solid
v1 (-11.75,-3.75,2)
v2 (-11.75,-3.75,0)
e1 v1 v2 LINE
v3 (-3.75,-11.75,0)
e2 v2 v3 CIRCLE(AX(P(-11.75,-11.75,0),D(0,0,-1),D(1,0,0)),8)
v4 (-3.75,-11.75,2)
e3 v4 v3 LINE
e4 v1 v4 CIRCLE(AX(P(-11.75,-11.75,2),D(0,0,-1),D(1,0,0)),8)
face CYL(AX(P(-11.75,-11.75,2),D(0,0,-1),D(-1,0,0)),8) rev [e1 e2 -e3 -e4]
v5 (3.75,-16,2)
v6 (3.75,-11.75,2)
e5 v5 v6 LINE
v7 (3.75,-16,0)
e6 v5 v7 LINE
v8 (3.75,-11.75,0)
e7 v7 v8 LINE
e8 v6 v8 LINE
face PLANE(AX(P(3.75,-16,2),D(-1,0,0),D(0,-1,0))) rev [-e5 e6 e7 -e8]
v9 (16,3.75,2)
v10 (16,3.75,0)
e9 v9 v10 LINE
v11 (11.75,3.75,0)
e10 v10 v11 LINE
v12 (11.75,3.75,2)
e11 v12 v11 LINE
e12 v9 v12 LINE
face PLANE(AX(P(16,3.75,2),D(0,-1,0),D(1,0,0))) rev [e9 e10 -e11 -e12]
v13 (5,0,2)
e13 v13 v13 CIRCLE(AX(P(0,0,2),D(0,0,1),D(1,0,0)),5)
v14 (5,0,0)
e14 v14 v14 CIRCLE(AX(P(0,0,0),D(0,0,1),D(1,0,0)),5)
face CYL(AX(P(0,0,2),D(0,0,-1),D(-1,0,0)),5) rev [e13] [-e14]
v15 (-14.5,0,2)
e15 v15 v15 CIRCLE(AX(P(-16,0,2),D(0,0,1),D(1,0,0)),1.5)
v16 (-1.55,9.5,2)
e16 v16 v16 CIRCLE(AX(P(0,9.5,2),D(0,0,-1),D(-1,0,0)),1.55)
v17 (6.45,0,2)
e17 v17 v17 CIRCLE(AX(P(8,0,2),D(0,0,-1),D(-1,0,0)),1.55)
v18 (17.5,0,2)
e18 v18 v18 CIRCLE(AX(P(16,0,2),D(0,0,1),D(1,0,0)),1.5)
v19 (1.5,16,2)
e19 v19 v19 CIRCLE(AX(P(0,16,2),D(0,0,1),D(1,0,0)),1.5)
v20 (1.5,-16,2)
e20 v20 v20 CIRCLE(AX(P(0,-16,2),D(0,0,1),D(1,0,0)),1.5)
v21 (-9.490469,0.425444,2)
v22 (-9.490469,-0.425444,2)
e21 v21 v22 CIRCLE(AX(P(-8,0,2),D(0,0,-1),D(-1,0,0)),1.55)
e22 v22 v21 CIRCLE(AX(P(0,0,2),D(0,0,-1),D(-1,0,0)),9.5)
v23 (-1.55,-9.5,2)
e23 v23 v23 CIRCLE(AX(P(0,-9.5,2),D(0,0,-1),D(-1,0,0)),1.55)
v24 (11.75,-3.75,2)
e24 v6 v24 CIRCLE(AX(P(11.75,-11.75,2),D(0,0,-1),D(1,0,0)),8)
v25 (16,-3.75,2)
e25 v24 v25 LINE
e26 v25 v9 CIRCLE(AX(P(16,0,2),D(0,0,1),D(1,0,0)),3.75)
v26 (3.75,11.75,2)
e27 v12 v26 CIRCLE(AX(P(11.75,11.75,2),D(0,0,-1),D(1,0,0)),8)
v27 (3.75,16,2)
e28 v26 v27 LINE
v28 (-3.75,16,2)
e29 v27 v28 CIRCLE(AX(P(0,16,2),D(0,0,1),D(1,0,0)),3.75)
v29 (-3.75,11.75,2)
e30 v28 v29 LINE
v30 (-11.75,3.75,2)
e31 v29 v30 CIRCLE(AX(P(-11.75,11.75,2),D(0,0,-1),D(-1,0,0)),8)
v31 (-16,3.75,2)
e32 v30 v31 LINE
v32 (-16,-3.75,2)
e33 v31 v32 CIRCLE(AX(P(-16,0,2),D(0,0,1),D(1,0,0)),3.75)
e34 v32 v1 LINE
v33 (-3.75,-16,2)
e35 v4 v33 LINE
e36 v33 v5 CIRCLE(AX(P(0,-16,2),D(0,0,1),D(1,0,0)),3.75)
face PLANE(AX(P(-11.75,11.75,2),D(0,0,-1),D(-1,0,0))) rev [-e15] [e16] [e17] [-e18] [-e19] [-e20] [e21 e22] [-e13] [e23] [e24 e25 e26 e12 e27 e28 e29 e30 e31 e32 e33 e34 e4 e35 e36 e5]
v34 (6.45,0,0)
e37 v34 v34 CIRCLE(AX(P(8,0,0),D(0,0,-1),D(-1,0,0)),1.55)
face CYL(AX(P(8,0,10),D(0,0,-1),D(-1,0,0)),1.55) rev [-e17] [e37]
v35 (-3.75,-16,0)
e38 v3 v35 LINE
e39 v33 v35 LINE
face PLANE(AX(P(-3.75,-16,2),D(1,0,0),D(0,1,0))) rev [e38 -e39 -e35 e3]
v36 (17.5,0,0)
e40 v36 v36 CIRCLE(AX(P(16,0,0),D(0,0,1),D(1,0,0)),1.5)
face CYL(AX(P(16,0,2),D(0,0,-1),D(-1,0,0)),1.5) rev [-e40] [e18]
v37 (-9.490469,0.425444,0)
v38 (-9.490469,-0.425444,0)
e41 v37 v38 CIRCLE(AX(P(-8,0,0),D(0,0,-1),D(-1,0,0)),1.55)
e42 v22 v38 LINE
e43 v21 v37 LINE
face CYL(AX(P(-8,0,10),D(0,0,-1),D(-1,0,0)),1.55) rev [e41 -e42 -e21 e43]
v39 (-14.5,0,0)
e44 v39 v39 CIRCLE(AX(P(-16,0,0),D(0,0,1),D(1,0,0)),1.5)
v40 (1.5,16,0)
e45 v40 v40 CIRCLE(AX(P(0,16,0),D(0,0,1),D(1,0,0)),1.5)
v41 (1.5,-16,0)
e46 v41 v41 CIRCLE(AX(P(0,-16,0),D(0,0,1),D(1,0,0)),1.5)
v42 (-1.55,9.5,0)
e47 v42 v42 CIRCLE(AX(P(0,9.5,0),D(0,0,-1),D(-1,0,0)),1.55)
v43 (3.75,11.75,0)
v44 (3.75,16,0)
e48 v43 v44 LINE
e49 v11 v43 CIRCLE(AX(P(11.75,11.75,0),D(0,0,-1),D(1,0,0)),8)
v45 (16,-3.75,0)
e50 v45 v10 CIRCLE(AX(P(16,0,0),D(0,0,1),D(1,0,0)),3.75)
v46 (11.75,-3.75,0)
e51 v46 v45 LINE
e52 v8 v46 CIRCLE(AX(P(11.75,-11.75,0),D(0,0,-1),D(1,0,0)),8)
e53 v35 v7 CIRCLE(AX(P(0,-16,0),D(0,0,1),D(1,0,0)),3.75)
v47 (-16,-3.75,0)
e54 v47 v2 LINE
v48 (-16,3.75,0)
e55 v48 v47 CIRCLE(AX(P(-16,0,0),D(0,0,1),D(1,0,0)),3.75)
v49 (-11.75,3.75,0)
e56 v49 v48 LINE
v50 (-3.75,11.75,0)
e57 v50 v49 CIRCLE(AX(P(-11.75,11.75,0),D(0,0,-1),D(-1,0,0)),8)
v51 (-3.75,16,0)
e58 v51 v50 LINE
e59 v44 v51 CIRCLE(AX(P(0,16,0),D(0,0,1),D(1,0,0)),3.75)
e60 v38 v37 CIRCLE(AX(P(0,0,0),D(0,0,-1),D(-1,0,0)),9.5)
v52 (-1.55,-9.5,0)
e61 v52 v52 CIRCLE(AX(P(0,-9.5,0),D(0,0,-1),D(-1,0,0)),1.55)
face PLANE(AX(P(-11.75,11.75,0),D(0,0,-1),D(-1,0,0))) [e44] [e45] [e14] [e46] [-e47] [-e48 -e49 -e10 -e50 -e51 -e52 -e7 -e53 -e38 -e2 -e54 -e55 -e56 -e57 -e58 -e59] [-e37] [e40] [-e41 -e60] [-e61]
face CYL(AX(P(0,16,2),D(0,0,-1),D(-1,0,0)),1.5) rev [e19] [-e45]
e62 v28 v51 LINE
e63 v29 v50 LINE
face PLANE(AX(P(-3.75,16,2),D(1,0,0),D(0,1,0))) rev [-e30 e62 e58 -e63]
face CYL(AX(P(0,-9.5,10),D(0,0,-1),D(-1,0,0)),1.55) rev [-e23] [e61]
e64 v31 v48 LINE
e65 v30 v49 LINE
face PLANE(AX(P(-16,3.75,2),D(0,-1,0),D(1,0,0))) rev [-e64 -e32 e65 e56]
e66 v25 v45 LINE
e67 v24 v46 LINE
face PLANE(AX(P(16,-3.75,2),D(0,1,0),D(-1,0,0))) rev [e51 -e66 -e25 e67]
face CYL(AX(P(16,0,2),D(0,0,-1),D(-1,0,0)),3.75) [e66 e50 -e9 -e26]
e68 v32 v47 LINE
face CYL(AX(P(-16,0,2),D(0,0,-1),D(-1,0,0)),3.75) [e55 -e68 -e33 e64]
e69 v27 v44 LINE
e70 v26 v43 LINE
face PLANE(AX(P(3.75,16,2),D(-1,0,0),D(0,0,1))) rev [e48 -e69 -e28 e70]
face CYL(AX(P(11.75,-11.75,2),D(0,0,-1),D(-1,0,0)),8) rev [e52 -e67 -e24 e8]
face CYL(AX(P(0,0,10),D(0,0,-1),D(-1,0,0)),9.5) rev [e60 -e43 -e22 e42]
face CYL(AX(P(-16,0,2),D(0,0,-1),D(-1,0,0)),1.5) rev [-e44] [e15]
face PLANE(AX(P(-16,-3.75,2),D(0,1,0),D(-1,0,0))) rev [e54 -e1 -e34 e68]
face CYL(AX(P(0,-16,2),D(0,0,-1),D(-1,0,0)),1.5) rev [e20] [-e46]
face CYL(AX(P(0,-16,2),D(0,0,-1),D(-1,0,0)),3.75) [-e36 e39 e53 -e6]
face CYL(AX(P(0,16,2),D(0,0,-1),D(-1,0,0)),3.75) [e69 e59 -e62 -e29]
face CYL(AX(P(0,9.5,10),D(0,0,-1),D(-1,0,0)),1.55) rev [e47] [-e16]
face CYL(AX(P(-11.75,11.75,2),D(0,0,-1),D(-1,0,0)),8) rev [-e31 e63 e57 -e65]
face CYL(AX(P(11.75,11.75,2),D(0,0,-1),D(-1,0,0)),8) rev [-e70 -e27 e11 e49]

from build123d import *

# Parameters (mm, degrees)
SKETCH1_R           = 5
SKETCH1_R_2         = 1.5
BOSS_EXTRUDE1_DEPTH = 2
SKETCH3_R           = 1.55
CUT_EXTRUDE1_DEPTH  = 10


with BuildPart() as part:
    # Sketch1 → Boss-Extrude1 (new body)
    with BuildSketch(Plane.XY):
        with BuildLine():
            Line((-3.75, 16), (-3.75, 11.75))
            ThreePointArc((-3.75, 11.75), (-6.093145751, 6.093145751), (-11.75, 3.75))
            Line((-11.75, 3.75), (-16, 3.75))
            ThreePointArc((-16, 3.75), (-19.75, 0), (-16, -3.75))
            Line((-16, -3.75), (-11.75, -3.75))
            ThreePointArc((-11.75, -3.75), (-6.093145751, -6.093145751), (-3.75, -11.75))
            Line((-3.75, -11.75), (-3.75, -16))
            ThreePointArc((-3.75, -16), (0, -19.75), (3.75, -16))
            Line((3.75, -16), (3.75, -11.75))
            ThreePointArc((3.75, -11.75), (6.093145751, -6.093145751), (11.75, -3.75))
            Line((11.75, -3.75), (16, -3.75))
            ThreePointArc((16, -3.75), (19.75, 0), (16, 3.75))
            Line((16, 3.75), (11.75, 3.75))
            ThreePointArc((11.75, 3.75), (6.093145751, 6.093145751), (3.75, 11.75))
            Line((3.75, 11.75), (3.75, 16))
            ThreePointArc((3.75, 16), (0, 19.75), (-3.75, 16))
        make_face()
        Circle(SKETCH1_R, mode=Mode.SUBTRACT)
        with Locations((-16, 0)):
            Circle(SKETCH1_R_2, mode=Mode.SUBTRACT)
        with Locations((0, 16)):
            Circle(SKETCH1_R_2, mode=Mode.SUBTRACT)
        with Locations((16, 0)):
            Circle(SKETCH1_R_2, mode=Mode.SUBTRACT)
        with Locations((0, -16)):
            Circle(SKETCH1_R_2, mode=Mode.SUBTRACT)
    extrude(amount=BOSS_EXTRUDE1_DEPTH)

    # Sketch3 → Cut-Extrude1 (cut)
    with BuildSketch(Plane(origin=(0, 0, 0), x_dir=(-1, 0, 0), z_dir=(0, 0, -1))):
        with BuildLine():
            ThreePointArc((9.49046875, -0.425444362), (9.5, 0), (9.49046875, 0.425444362))
            ThreePointArc((9.49046875, 0.425444362), (6.45, 0), (9.49046875, -0.425444362))
        make_face()
        with Locations((0, 9.5)):
            Circle(SKETCH3_R)
        with Locations((0, -9.5)):
            Circle(SKETCH3_R)
        with Locations((-8, 0)):
            Circle(SKETCH3_R)
    extrude(amount=-CUT_EXTRUDE1_DEPTH, mode=Mode.SUBTRACT)


solid = part.part
